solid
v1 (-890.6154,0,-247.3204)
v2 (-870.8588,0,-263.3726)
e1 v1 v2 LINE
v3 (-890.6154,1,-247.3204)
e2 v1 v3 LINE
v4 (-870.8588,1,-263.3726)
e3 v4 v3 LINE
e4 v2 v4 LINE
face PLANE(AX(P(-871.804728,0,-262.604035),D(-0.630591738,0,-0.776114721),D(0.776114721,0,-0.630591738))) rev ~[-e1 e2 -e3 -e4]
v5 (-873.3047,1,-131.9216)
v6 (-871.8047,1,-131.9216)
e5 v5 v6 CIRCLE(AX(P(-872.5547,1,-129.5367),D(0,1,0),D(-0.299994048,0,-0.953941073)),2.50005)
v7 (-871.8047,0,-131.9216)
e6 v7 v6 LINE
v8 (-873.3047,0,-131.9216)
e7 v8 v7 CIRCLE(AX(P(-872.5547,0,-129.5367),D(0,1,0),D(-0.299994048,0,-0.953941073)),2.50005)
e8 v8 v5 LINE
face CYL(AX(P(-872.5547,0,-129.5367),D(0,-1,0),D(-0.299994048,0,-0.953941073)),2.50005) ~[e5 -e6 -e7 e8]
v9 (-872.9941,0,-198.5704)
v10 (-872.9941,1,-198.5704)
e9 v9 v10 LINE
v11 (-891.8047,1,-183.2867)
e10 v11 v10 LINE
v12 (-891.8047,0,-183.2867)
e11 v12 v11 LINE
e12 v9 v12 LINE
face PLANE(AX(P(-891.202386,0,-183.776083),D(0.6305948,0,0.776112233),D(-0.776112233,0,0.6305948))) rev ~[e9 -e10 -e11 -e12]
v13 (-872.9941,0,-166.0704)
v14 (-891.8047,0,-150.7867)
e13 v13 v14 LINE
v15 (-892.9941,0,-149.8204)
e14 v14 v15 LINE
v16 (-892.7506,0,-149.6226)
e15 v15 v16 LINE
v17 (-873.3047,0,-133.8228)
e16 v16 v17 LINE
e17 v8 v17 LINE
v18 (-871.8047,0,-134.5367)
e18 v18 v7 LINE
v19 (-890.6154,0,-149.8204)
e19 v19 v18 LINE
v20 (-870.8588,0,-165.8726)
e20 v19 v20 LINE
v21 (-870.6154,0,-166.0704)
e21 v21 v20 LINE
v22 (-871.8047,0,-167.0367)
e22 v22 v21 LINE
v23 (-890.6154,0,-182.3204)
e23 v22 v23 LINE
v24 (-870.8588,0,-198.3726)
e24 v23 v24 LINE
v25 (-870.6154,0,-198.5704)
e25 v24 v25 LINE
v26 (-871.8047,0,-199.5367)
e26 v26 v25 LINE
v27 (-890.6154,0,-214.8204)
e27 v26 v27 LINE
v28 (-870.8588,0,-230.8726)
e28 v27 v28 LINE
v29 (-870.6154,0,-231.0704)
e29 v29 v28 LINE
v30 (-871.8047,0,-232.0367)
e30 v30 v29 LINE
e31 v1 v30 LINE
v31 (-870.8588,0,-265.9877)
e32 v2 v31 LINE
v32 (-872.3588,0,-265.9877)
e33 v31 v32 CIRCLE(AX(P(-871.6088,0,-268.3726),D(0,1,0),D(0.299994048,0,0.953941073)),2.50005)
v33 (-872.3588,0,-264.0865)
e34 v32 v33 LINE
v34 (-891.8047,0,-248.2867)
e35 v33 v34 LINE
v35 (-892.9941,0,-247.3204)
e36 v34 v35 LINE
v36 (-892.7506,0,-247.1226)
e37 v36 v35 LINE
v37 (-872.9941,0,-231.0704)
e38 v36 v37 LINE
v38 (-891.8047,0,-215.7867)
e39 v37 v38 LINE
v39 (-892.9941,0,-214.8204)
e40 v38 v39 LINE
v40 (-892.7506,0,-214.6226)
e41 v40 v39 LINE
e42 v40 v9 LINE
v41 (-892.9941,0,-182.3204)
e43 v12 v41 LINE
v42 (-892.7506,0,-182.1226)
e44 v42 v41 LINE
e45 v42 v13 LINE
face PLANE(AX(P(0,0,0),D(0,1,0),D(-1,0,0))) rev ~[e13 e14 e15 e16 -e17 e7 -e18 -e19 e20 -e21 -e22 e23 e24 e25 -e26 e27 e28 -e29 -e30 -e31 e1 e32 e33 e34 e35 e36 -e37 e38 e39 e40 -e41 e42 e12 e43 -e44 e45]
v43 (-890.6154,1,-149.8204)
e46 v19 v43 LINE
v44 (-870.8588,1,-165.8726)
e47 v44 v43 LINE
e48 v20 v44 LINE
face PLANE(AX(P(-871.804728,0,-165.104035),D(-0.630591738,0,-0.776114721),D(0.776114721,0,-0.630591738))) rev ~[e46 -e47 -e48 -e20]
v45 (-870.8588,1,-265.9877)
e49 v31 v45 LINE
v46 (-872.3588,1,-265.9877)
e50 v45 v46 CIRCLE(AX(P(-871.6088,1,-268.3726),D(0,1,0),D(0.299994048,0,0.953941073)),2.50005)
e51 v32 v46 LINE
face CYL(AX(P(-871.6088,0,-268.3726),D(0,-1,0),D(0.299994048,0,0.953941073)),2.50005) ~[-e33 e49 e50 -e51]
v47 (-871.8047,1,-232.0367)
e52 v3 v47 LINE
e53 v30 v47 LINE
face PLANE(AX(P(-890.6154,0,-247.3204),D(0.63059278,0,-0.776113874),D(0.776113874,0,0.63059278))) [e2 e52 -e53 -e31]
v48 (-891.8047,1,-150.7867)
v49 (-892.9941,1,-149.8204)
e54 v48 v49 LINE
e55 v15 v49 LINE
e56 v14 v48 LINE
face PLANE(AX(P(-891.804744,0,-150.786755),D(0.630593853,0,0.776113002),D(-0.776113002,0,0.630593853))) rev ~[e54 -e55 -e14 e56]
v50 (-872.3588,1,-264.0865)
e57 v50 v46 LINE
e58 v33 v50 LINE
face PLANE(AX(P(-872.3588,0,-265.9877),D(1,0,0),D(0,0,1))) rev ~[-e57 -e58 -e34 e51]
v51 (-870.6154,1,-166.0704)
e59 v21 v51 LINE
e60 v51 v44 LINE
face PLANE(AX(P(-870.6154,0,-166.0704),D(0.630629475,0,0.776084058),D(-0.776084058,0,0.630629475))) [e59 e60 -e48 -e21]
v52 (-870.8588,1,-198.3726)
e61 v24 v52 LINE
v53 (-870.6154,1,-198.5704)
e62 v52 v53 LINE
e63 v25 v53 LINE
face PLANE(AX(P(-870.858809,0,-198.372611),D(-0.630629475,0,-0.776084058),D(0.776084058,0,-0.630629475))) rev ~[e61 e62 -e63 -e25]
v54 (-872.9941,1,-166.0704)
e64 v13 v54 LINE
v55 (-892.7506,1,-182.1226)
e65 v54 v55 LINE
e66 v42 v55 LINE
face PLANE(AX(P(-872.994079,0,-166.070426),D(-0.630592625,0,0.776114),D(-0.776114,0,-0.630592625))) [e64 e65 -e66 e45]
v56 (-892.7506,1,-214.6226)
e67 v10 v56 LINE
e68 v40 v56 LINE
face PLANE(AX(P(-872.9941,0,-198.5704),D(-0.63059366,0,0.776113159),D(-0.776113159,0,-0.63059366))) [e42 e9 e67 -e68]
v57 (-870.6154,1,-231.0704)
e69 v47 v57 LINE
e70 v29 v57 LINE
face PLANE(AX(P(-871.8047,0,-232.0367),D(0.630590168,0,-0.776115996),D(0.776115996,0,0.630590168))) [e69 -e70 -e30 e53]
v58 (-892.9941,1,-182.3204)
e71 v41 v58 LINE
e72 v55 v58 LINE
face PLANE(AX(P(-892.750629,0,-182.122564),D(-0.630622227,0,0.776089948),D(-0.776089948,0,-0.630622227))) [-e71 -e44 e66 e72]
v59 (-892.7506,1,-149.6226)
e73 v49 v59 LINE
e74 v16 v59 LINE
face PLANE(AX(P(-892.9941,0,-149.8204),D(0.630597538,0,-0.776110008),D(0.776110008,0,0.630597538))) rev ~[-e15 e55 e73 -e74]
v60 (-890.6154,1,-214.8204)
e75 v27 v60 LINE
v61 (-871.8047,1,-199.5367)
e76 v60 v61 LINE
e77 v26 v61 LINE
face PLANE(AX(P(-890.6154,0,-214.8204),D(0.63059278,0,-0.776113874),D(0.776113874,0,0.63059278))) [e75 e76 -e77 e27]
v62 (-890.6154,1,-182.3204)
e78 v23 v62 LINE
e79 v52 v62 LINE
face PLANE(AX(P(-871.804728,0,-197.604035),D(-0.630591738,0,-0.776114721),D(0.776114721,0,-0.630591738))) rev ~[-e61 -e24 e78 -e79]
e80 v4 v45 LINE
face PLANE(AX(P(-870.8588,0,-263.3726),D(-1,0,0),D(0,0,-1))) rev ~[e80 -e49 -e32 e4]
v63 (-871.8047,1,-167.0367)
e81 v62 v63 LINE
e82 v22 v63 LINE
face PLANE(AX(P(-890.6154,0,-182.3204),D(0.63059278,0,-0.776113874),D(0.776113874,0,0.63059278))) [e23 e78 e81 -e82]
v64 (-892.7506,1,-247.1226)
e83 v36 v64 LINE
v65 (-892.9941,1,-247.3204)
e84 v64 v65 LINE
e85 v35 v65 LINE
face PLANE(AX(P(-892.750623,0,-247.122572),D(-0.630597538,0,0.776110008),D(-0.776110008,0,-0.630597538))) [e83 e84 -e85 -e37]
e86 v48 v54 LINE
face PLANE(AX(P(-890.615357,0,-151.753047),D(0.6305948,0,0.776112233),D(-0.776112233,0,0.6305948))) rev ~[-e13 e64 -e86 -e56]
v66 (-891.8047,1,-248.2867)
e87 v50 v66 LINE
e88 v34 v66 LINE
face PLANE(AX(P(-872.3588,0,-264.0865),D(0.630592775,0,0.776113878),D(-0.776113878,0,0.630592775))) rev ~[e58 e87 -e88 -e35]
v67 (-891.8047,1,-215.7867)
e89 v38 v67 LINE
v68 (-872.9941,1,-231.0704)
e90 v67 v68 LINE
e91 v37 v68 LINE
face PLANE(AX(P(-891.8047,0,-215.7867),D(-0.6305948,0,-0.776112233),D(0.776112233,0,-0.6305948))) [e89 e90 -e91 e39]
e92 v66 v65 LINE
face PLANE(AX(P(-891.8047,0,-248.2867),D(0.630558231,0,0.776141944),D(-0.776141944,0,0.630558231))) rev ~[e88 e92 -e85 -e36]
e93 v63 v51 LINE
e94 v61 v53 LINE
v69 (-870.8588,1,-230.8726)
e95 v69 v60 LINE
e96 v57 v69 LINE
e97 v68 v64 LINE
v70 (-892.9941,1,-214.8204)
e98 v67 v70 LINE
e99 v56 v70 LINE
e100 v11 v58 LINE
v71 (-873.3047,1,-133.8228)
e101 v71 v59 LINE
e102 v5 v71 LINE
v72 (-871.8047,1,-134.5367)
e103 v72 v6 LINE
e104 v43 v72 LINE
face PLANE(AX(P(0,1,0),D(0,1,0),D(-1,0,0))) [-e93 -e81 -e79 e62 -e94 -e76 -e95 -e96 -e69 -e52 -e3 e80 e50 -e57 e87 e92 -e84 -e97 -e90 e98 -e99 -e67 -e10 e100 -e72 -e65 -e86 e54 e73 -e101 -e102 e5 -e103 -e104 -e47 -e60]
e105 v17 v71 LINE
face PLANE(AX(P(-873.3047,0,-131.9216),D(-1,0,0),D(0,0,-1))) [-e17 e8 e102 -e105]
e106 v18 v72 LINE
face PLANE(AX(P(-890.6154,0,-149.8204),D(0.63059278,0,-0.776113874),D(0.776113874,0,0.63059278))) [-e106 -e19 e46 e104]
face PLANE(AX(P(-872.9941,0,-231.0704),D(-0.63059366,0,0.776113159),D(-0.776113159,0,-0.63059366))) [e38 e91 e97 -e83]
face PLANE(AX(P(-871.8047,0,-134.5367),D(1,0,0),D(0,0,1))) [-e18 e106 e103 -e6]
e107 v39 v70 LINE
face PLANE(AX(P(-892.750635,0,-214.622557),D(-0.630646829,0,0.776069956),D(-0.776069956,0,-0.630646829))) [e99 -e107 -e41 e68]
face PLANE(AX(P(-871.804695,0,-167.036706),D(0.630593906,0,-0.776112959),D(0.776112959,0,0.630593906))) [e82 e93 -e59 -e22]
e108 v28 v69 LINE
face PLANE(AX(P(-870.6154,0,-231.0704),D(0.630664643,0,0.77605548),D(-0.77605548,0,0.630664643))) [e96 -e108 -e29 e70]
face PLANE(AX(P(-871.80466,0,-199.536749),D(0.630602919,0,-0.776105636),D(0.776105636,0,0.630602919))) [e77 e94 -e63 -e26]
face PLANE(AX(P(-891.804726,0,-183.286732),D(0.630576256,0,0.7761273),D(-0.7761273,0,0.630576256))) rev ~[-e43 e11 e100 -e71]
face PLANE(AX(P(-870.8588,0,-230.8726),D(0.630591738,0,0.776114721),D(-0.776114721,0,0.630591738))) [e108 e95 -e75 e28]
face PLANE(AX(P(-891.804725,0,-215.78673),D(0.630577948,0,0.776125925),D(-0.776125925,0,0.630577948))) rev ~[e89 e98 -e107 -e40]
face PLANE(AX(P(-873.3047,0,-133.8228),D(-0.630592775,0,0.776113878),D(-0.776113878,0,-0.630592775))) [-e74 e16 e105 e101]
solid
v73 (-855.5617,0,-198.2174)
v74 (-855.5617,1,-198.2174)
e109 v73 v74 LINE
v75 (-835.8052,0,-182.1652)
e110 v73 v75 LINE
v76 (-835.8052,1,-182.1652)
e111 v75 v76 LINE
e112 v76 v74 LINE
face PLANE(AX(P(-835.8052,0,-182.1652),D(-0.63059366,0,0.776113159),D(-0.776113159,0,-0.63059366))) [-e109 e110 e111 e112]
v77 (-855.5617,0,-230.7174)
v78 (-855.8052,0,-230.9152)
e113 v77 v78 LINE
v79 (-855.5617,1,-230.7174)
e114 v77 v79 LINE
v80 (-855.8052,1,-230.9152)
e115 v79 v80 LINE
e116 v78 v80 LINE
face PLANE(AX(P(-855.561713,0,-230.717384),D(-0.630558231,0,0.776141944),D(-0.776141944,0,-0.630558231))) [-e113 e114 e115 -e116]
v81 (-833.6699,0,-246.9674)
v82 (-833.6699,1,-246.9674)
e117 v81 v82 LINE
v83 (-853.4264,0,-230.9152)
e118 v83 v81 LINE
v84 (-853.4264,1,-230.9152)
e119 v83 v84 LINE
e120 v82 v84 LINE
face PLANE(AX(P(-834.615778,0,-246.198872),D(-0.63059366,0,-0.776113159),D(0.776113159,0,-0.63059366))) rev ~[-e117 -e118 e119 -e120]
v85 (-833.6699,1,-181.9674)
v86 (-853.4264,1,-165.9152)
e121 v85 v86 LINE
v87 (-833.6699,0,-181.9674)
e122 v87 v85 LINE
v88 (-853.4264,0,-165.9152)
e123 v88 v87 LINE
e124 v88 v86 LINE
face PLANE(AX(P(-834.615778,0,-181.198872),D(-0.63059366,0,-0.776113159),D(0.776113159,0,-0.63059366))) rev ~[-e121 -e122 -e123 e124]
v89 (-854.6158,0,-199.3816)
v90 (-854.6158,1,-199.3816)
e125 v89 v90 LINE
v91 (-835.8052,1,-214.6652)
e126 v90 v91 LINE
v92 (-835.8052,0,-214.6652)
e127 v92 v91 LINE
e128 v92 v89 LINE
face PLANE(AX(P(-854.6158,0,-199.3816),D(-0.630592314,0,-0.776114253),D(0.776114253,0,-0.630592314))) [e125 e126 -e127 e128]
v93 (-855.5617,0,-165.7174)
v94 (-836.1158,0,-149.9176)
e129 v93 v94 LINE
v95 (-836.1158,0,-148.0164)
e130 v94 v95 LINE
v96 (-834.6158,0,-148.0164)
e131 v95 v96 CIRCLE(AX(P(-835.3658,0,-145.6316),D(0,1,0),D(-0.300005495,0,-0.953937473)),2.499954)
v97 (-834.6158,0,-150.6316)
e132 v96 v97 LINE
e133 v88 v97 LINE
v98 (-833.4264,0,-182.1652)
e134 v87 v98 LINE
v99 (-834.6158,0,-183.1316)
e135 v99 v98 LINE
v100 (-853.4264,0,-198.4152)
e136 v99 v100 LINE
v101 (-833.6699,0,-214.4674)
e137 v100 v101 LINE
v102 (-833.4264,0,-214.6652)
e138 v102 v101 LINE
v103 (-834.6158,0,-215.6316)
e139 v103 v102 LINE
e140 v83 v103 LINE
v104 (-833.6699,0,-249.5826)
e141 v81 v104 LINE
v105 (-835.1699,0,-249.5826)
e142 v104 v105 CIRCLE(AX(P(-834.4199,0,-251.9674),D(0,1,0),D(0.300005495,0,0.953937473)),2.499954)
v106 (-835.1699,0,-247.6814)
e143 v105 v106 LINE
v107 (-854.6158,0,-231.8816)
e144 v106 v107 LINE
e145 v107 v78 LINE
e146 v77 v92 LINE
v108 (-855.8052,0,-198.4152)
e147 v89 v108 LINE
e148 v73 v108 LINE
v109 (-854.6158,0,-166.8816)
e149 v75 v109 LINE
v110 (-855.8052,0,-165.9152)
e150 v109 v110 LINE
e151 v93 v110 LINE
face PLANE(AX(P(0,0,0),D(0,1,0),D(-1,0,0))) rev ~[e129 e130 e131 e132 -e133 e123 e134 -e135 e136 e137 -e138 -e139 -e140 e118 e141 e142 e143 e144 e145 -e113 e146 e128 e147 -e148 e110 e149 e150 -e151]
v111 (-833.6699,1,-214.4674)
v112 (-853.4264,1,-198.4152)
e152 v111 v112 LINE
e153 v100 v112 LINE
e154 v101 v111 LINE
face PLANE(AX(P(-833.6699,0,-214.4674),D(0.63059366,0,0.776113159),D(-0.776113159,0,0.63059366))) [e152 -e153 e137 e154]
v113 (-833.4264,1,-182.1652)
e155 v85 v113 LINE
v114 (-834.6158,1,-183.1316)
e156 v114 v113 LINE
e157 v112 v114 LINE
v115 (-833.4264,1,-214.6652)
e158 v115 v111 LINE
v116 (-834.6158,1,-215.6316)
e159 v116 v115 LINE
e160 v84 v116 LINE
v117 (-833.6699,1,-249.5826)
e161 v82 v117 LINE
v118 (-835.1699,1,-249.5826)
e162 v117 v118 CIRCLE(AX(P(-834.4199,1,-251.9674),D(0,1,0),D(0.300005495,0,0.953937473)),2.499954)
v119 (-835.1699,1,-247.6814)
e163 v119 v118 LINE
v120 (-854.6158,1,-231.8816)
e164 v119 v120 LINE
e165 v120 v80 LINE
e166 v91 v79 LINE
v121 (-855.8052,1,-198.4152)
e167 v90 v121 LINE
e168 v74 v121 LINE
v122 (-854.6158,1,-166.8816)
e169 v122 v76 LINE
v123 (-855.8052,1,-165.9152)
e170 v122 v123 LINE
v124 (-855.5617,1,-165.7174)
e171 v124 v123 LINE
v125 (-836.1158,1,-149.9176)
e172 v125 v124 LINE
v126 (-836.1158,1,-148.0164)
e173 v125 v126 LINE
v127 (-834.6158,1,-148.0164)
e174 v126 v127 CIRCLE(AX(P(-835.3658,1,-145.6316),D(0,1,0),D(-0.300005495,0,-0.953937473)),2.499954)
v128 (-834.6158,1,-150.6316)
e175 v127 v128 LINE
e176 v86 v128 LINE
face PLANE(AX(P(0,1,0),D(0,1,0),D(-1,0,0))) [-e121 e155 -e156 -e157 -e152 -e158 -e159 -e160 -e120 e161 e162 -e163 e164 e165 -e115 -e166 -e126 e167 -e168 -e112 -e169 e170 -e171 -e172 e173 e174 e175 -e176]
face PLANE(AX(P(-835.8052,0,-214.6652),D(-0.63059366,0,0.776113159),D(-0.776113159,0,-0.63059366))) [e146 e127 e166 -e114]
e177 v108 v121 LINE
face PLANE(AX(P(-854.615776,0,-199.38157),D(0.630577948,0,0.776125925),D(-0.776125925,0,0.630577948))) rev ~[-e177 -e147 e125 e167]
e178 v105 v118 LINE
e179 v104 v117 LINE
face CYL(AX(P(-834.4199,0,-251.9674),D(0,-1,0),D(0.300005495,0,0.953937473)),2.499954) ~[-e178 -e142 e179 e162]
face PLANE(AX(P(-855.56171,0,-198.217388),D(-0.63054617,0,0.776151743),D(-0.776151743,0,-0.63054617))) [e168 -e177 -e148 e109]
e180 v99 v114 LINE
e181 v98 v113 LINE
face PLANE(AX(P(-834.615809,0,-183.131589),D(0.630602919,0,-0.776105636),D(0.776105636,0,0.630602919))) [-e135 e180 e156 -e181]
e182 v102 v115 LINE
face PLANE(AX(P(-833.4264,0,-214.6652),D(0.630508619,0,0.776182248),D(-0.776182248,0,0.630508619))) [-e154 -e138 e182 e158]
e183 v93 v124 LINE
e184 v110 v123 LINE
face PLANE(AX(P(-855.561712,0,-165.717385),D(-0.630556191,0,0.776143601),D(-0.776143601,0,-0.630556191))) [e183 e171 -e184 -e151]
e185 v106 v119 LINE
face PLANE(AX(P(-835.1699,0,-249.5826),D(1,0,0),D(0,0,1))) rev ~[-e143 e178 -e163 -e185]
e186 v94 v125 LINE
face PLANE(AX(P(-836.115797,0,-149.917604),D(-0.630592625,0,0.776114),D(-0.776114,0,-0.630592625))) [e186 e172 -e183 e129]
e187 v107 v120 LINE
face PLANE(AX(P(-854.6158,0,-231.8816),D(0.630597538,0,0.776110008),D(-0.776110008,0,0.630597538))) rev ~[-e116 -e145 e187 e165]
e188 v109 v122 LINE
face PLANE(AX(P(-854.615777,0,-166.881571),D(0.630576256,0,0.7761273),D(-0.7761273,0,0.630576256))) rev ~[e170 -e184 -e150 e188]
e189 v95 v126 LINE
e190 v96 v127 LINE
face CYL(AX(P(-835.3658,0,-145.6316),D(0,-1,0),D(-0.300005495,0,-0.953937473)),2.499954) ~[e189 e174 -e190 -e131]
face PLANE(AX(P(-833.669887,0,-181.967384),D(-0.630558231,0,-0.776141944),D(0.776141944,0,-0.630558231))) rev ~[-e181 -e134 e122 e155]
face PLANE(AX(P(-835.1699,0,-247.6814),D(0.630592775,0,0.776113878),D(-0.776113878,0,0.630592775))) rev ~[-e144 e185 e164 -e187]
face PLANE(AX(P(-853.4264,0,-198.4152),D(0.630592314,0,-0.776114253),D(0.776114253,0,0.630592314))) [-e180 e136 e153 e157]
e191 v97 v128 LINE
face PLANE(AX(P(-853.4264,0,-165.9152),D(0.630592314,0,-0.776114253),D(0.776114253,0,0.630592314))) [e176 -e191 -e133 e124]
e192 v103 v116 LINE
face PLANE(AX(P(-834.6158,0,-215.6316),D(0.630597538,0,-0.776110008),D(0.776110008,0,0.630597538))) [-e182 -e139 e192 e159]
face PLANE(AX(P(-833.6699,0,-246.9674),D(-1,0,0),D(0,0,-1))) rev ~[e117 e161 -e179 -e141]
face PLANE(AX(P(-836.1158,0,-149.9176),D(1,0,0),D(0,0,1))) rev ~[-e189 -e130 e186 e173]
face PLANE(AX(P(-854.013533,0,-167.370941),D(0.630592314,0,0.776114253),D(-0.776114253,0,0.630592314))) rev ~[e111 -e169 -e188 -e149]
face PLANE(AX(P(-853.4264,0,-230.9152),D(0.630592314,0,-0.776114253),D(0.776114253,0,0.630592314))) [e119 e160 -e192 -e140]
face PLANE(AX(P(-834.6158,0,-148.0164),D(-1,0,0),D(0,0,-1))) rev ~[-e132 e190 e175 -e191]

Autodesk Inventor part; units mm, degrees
ref_plane "YZ Plane" through (0, 0, 0) normal (1, 0, 0) x (0, 1, 0)
ref_plane "XZ Plane" through (0, 0, 0) normal (0, 1, 0) x (-1, 0, 0)
ref_plane "XY Plane" through (0, 0, 0) normal (0, 0, 1) x (1, 0, 0)
sketch "Sketch1" plane through (0, 0, 0) normal (0, 1, 0) x (-1, 0, 0)
  line L0 (872.3588, -264.5367) -> (891.8047, -264.5367)
  line L1 (891.8047, -199.5367) -> (874.1834, -199.5367)
  line L2 (874.1834, -232.0367) -> (891.8047, -232.0367)
  line L3 (889.426, -248.2867) -> (871.8047, -248.2867)
  line L4 (889.426, -215.7867) -> (871.8047, -215.7867)
  line L5 (874.1834, -134.5367) -> (891.8047, -134.5367)
  line L6 (874.1834, -167.0367) -> (891.8047, -167.0367)
  line L7 (889.426, -150.7867) -> (871.8047, -150.7867)
  line L8 (889.426, -183.2867) -> (871.8047, -183.2867)
  line L9 (872.3588, -264.0865) -> (891.8047, -248.2867)
  line L10 (890.6154, -247.3204) -> (870.8588, -263.3726)
  line L11 (890.6154, -247.3204) -> (871.8047, -232.0367)
  line L12 (872.9941, -231.0704) -> (892.7506, -247.1226)
  line L13 (891.8047, -215.7867) -> (872.9941, -231.0704)
  line L14 (870.8588, -230.8726) -> (890.6154, -214.8204)
  line L15 (890.6154, -214.8204) -> (871.8047, -199.5367)
  line L16 (872.9941, -198.5704) -> (892.7506, -214.6226)
  line L17 (872.9941, -198.5704) -> (891.8047, -183.2867)
  line L18 (890.6154, -182.3204) -> (870.8588, -198.3726)
  line L19 (890.6154, -182.3204) -> (871.8047, -167.0367)
  line L20 (872.7506, -165.8726) -> (892.7506, -182.1226)
  line L21 (872.9941, -166.0704) -> (891.8047, -150.7867)
  line L22 (890.6154, -149.8204) -> (870.8588, -165.8726)
  line L23 (890.6154, -149.8204) -> (871.8047, -134.5367)
  line L24 (872.3588, -133.8548) -> (872.7506, -133.3726)
  line L25 (873.3047, -133.8228) -> (892.7506, -149.6226)
  line L26 (871.8047, -134.5367) -> (871.8047, -129.5367)
  line L27 (871.8047, -129.5367) -> (872.3588, -129.5367)
  line L28 (873.3047, -129.5367) -> (873.3047, -133.8228)
  line L29 (872.3588, -134.5367) -> (871.8047, -134.5367)
  line L30 (870.8588, -263.3726) -> (870.8588, -265.9877)
  line L31 (870.8588, -268.3726) -> (872.3588, -268.3726)
  line L32 (872.3588, -265.9877) -> (872.3588, -264.0865)
  line L33 (871.8047, -263.3726) -> (870.8588, -263.3726)
  arc A0 (870.8588, -265.9877) -> (872.3588, -265.9877) centre (871.6088, -268.3726) ccw
  arc A1 (873.3047, -131.9216) -> (871.8047, -131.9216) centre (872.5547, -129.5367) ccw
  line L34 (891.8047, -248.2867) -> (892.9941, -247.3204)
  line L35 (891.8047, -246.354) -> (892.9941, -247.3204)
  line L36 (871.8047, -232.0367) -> (870.6154, -231.0704)
  line L37 (870.6154, -231.0704) -> (870.8588, -230.8726)
  line L38 (891.2024, -216.2761) -> (892.9941, -214.8204)
  line L39 (892.6168, -214.5138) -> (892.9941, -214.8204)
  line L40 (872.3588, -199.987) -> (870.3719, -198.3726)
  line L41 (871.8047, -197.604) -> (870.6154, -198.5704)
  line L42 (891.2024, -183.7761) -> (893.3444, -182.0358)
  line L43 (891.711, -181.2778) -> (892.9941, -182.3204)
  line L44 (872.8965, -167.9238) -> (870.6154, -166.0704)
  line L45 (870.6154, -166.0704) -> (871.8047, -165.104)
  line L46 (890.6154, -151.7531) -> (892.9941, -149.8204)
  line L47 (892.9941, -149.8204) -> (891.8047, -148.854)
  line L48 (891.8047, -148.854) -> (891.8047, -134.5367)
  line L49 (891.8047, -181.354) -> (891.8047, -150.7867)
  line L50 (871.8047, -134.5367) -> (871.8047, -165.104)
  line L51 (871.8047, -167.0367) -> (871.8047, -197.604)
  line L52 (891.8047, -213.854) -> (891.8047, -183.2867)
  line L53 (871.8047, -199.5367) -> (871.8047, -230.104)
  line L54 (871.8047, -232.0367) -> (871.8047, -262.604)
  line L55 (891.8047, -264.5367) -> (891.8047, -248.2867)
  line L56 (891.8047, -246.354) -> (891.8047, -215.7867)
  line L57 (891.8047, -134.5367) -> (874.1834, -134.5367)
  line L58 (872.3588, -134.5367) -> (871.8047, -134.5367)
  line L59 (835.1699, -248.1316) -> (854.6158, -248.1316)
  line L60 (854.6158, -183.1316) -> (836.9945, -183.1316)
  line L61 (836.9945, -215.6316) -> (854.6158, -215.6316)
  line L62 (852.2371, -231.8816) -> (834.6158, -231.8816)
  line L63 (852.2371, -199.3816) -> (834.6158, -199.3816)
  line L64 (852.2371, -166.8816) -> (834.6158, -166.8816)
  line L65 (835.1699, -247.6814) -> (854.6158, -231.8816)
  line L66 (853.4264, -230.9152) -> (833.6699, -246.9674)
  line L67 (853.4264, -230.9152) -> (834.6158, -215.6316)
  line L68 (835.8052, -214.6652) -> (855.5617, -230.7174)
  line L69 (854.6158, -199.3816) -> (835.8052, -214.6652)
  line L70 (833.6699, -214.4674) -> (853.4264, -198.4152)
  line L71 (853.4264, -198.4152) -> (834.6158, -183.1316)
  line L72 (835.8052, -182.1652) -> (855.5617, -198.2174)
  line L73 (835.8052, -182.1652) -> (854.6158, -166.8816)
  line L74 (853.4264, -165.9152) -> (833.6699, -181.9674)
  line L75 (853.4264, -165.9152) -> (834.6158, -150.6316)
  line L76 (835.5617, -149.4674) -> (855.5617, -165.7174)
  line L77 (833.6699, -246.9674) -> (833.6699, -249.5826)
  line L78 (833.6699, -251.9674) -> (835.1699, -251.9674)
  line L79 (835.1699, -249.5826) -> (835.1699, -247.6814)
  line L80 (834.6158, -246.9674) -> (833.6699, -246.9674)
  arc A2 (833.6699, -249.5826) -> (835.1699, -249.5826) centre (834.4199, -251.9674) ccw
  line L81 (854.6158, -231.8816) -> (855.8052, -230.9152)
  line L82 (854.6158, -229.9489) -> (855.8052, -230.9152)
  line L83 (834.6158, -215.6316) -> (833.4264, -214.6652)
  line L84 (833.4264, -214.6652) -> (833.6699, -214.4674)
  line L85 (854.0135, -199.8709) -> (855.8052, -198.4152)
  line L86 (855.4278, -198.1086) -> (855.8052, -198.4152)
  line L87 (835.1699, -183.5818) -> (833.183, -181.9674)
  line L88 (834.6158, -181.1989) -> (833.4264, -182.1652)
  line L89 (854.0135, -167.3709) -> (856.1555, -165.6306)
  line L90 (854.522, -164.8727) -> (855.8052, -165.9152)
  line L91 (854.6158, -164.9489) -> (854.6158, -134.3816)
  line L92 (834.6158, -150.6316) -> (834.6158, -181.1989)
  line L93 (854.6158, -197.4489) -> (854.6158, -166.8816)
  line L94 (834.6158, -183.1316) -> (834.6158, -213.6989)
  line L95 (834.6158, -215.6316) -> (834.6158, -246.1989)
  line L96 (854.6158, -248.1316) -> (854.6158, -231.8816)
  line L97 (854.6158, -229.9489) -> (854.6158, -199.3816)
  line L98 (835.1699, -150.6316) -> (836.1158, -150.6316)
  line L99 (836.1158, -149.9176) -> (836.1158, -148.0164)
  line L100 (836.1158, -145.6316) -> (834.6158, -145.6316)
  line L101 (834.6158, -148.0164) -> (834.6158, -150.6316)
  arc A3 (836.1158, -148.0164) -> (834.6158, -148.0164) centre (835.3658, -145.6316) ccw
  point P0 (891.7246, -181.2889)
  point P1 (816.0772, -65.3291)
  dimension "d38" = 20
  dimension "d42" = 1.5
  dimension "d45" = 1.5
  dimension "d47" = 1.5
  dimension "d48" = 5
  dimension "d49" = 1.5
  dimension "d50" = 5
  dimension "d51" = 1.5
  dimension "d52" = 5
  dimension "d53" = 5
  dimension "d55" = 1.5
  dimension "d56" = 1.5
  dimension "d60" = 5
  dimension "d61" = 1.5
  dimension "d62" = 5
  dimension "d64" = 1.5
  dimension "d65" = 5
  dimension "d66" = 5
extrude "Extrusion1" add sketch "Sketch1" along normal blind 1 contours L32 A0 L30 L10 L11 L36 L37 L14 L15 L40 L41 L18 L19 L44 L45 L22 L23 L26 A1 L28 L25 L47 L46 L21 L20 L43 L42 L17 L16 L39 L38 L13 L12 L35 L34 L9 | L79 A2 L77 L66 L67 L83 L84 L70 L71 L87 L88 L74 L75 L101 A3 L99 L76 L90 L89 L73 L72 L86 L85 L69 L68 L82 L81 L65
properties part number "Serpentine"
